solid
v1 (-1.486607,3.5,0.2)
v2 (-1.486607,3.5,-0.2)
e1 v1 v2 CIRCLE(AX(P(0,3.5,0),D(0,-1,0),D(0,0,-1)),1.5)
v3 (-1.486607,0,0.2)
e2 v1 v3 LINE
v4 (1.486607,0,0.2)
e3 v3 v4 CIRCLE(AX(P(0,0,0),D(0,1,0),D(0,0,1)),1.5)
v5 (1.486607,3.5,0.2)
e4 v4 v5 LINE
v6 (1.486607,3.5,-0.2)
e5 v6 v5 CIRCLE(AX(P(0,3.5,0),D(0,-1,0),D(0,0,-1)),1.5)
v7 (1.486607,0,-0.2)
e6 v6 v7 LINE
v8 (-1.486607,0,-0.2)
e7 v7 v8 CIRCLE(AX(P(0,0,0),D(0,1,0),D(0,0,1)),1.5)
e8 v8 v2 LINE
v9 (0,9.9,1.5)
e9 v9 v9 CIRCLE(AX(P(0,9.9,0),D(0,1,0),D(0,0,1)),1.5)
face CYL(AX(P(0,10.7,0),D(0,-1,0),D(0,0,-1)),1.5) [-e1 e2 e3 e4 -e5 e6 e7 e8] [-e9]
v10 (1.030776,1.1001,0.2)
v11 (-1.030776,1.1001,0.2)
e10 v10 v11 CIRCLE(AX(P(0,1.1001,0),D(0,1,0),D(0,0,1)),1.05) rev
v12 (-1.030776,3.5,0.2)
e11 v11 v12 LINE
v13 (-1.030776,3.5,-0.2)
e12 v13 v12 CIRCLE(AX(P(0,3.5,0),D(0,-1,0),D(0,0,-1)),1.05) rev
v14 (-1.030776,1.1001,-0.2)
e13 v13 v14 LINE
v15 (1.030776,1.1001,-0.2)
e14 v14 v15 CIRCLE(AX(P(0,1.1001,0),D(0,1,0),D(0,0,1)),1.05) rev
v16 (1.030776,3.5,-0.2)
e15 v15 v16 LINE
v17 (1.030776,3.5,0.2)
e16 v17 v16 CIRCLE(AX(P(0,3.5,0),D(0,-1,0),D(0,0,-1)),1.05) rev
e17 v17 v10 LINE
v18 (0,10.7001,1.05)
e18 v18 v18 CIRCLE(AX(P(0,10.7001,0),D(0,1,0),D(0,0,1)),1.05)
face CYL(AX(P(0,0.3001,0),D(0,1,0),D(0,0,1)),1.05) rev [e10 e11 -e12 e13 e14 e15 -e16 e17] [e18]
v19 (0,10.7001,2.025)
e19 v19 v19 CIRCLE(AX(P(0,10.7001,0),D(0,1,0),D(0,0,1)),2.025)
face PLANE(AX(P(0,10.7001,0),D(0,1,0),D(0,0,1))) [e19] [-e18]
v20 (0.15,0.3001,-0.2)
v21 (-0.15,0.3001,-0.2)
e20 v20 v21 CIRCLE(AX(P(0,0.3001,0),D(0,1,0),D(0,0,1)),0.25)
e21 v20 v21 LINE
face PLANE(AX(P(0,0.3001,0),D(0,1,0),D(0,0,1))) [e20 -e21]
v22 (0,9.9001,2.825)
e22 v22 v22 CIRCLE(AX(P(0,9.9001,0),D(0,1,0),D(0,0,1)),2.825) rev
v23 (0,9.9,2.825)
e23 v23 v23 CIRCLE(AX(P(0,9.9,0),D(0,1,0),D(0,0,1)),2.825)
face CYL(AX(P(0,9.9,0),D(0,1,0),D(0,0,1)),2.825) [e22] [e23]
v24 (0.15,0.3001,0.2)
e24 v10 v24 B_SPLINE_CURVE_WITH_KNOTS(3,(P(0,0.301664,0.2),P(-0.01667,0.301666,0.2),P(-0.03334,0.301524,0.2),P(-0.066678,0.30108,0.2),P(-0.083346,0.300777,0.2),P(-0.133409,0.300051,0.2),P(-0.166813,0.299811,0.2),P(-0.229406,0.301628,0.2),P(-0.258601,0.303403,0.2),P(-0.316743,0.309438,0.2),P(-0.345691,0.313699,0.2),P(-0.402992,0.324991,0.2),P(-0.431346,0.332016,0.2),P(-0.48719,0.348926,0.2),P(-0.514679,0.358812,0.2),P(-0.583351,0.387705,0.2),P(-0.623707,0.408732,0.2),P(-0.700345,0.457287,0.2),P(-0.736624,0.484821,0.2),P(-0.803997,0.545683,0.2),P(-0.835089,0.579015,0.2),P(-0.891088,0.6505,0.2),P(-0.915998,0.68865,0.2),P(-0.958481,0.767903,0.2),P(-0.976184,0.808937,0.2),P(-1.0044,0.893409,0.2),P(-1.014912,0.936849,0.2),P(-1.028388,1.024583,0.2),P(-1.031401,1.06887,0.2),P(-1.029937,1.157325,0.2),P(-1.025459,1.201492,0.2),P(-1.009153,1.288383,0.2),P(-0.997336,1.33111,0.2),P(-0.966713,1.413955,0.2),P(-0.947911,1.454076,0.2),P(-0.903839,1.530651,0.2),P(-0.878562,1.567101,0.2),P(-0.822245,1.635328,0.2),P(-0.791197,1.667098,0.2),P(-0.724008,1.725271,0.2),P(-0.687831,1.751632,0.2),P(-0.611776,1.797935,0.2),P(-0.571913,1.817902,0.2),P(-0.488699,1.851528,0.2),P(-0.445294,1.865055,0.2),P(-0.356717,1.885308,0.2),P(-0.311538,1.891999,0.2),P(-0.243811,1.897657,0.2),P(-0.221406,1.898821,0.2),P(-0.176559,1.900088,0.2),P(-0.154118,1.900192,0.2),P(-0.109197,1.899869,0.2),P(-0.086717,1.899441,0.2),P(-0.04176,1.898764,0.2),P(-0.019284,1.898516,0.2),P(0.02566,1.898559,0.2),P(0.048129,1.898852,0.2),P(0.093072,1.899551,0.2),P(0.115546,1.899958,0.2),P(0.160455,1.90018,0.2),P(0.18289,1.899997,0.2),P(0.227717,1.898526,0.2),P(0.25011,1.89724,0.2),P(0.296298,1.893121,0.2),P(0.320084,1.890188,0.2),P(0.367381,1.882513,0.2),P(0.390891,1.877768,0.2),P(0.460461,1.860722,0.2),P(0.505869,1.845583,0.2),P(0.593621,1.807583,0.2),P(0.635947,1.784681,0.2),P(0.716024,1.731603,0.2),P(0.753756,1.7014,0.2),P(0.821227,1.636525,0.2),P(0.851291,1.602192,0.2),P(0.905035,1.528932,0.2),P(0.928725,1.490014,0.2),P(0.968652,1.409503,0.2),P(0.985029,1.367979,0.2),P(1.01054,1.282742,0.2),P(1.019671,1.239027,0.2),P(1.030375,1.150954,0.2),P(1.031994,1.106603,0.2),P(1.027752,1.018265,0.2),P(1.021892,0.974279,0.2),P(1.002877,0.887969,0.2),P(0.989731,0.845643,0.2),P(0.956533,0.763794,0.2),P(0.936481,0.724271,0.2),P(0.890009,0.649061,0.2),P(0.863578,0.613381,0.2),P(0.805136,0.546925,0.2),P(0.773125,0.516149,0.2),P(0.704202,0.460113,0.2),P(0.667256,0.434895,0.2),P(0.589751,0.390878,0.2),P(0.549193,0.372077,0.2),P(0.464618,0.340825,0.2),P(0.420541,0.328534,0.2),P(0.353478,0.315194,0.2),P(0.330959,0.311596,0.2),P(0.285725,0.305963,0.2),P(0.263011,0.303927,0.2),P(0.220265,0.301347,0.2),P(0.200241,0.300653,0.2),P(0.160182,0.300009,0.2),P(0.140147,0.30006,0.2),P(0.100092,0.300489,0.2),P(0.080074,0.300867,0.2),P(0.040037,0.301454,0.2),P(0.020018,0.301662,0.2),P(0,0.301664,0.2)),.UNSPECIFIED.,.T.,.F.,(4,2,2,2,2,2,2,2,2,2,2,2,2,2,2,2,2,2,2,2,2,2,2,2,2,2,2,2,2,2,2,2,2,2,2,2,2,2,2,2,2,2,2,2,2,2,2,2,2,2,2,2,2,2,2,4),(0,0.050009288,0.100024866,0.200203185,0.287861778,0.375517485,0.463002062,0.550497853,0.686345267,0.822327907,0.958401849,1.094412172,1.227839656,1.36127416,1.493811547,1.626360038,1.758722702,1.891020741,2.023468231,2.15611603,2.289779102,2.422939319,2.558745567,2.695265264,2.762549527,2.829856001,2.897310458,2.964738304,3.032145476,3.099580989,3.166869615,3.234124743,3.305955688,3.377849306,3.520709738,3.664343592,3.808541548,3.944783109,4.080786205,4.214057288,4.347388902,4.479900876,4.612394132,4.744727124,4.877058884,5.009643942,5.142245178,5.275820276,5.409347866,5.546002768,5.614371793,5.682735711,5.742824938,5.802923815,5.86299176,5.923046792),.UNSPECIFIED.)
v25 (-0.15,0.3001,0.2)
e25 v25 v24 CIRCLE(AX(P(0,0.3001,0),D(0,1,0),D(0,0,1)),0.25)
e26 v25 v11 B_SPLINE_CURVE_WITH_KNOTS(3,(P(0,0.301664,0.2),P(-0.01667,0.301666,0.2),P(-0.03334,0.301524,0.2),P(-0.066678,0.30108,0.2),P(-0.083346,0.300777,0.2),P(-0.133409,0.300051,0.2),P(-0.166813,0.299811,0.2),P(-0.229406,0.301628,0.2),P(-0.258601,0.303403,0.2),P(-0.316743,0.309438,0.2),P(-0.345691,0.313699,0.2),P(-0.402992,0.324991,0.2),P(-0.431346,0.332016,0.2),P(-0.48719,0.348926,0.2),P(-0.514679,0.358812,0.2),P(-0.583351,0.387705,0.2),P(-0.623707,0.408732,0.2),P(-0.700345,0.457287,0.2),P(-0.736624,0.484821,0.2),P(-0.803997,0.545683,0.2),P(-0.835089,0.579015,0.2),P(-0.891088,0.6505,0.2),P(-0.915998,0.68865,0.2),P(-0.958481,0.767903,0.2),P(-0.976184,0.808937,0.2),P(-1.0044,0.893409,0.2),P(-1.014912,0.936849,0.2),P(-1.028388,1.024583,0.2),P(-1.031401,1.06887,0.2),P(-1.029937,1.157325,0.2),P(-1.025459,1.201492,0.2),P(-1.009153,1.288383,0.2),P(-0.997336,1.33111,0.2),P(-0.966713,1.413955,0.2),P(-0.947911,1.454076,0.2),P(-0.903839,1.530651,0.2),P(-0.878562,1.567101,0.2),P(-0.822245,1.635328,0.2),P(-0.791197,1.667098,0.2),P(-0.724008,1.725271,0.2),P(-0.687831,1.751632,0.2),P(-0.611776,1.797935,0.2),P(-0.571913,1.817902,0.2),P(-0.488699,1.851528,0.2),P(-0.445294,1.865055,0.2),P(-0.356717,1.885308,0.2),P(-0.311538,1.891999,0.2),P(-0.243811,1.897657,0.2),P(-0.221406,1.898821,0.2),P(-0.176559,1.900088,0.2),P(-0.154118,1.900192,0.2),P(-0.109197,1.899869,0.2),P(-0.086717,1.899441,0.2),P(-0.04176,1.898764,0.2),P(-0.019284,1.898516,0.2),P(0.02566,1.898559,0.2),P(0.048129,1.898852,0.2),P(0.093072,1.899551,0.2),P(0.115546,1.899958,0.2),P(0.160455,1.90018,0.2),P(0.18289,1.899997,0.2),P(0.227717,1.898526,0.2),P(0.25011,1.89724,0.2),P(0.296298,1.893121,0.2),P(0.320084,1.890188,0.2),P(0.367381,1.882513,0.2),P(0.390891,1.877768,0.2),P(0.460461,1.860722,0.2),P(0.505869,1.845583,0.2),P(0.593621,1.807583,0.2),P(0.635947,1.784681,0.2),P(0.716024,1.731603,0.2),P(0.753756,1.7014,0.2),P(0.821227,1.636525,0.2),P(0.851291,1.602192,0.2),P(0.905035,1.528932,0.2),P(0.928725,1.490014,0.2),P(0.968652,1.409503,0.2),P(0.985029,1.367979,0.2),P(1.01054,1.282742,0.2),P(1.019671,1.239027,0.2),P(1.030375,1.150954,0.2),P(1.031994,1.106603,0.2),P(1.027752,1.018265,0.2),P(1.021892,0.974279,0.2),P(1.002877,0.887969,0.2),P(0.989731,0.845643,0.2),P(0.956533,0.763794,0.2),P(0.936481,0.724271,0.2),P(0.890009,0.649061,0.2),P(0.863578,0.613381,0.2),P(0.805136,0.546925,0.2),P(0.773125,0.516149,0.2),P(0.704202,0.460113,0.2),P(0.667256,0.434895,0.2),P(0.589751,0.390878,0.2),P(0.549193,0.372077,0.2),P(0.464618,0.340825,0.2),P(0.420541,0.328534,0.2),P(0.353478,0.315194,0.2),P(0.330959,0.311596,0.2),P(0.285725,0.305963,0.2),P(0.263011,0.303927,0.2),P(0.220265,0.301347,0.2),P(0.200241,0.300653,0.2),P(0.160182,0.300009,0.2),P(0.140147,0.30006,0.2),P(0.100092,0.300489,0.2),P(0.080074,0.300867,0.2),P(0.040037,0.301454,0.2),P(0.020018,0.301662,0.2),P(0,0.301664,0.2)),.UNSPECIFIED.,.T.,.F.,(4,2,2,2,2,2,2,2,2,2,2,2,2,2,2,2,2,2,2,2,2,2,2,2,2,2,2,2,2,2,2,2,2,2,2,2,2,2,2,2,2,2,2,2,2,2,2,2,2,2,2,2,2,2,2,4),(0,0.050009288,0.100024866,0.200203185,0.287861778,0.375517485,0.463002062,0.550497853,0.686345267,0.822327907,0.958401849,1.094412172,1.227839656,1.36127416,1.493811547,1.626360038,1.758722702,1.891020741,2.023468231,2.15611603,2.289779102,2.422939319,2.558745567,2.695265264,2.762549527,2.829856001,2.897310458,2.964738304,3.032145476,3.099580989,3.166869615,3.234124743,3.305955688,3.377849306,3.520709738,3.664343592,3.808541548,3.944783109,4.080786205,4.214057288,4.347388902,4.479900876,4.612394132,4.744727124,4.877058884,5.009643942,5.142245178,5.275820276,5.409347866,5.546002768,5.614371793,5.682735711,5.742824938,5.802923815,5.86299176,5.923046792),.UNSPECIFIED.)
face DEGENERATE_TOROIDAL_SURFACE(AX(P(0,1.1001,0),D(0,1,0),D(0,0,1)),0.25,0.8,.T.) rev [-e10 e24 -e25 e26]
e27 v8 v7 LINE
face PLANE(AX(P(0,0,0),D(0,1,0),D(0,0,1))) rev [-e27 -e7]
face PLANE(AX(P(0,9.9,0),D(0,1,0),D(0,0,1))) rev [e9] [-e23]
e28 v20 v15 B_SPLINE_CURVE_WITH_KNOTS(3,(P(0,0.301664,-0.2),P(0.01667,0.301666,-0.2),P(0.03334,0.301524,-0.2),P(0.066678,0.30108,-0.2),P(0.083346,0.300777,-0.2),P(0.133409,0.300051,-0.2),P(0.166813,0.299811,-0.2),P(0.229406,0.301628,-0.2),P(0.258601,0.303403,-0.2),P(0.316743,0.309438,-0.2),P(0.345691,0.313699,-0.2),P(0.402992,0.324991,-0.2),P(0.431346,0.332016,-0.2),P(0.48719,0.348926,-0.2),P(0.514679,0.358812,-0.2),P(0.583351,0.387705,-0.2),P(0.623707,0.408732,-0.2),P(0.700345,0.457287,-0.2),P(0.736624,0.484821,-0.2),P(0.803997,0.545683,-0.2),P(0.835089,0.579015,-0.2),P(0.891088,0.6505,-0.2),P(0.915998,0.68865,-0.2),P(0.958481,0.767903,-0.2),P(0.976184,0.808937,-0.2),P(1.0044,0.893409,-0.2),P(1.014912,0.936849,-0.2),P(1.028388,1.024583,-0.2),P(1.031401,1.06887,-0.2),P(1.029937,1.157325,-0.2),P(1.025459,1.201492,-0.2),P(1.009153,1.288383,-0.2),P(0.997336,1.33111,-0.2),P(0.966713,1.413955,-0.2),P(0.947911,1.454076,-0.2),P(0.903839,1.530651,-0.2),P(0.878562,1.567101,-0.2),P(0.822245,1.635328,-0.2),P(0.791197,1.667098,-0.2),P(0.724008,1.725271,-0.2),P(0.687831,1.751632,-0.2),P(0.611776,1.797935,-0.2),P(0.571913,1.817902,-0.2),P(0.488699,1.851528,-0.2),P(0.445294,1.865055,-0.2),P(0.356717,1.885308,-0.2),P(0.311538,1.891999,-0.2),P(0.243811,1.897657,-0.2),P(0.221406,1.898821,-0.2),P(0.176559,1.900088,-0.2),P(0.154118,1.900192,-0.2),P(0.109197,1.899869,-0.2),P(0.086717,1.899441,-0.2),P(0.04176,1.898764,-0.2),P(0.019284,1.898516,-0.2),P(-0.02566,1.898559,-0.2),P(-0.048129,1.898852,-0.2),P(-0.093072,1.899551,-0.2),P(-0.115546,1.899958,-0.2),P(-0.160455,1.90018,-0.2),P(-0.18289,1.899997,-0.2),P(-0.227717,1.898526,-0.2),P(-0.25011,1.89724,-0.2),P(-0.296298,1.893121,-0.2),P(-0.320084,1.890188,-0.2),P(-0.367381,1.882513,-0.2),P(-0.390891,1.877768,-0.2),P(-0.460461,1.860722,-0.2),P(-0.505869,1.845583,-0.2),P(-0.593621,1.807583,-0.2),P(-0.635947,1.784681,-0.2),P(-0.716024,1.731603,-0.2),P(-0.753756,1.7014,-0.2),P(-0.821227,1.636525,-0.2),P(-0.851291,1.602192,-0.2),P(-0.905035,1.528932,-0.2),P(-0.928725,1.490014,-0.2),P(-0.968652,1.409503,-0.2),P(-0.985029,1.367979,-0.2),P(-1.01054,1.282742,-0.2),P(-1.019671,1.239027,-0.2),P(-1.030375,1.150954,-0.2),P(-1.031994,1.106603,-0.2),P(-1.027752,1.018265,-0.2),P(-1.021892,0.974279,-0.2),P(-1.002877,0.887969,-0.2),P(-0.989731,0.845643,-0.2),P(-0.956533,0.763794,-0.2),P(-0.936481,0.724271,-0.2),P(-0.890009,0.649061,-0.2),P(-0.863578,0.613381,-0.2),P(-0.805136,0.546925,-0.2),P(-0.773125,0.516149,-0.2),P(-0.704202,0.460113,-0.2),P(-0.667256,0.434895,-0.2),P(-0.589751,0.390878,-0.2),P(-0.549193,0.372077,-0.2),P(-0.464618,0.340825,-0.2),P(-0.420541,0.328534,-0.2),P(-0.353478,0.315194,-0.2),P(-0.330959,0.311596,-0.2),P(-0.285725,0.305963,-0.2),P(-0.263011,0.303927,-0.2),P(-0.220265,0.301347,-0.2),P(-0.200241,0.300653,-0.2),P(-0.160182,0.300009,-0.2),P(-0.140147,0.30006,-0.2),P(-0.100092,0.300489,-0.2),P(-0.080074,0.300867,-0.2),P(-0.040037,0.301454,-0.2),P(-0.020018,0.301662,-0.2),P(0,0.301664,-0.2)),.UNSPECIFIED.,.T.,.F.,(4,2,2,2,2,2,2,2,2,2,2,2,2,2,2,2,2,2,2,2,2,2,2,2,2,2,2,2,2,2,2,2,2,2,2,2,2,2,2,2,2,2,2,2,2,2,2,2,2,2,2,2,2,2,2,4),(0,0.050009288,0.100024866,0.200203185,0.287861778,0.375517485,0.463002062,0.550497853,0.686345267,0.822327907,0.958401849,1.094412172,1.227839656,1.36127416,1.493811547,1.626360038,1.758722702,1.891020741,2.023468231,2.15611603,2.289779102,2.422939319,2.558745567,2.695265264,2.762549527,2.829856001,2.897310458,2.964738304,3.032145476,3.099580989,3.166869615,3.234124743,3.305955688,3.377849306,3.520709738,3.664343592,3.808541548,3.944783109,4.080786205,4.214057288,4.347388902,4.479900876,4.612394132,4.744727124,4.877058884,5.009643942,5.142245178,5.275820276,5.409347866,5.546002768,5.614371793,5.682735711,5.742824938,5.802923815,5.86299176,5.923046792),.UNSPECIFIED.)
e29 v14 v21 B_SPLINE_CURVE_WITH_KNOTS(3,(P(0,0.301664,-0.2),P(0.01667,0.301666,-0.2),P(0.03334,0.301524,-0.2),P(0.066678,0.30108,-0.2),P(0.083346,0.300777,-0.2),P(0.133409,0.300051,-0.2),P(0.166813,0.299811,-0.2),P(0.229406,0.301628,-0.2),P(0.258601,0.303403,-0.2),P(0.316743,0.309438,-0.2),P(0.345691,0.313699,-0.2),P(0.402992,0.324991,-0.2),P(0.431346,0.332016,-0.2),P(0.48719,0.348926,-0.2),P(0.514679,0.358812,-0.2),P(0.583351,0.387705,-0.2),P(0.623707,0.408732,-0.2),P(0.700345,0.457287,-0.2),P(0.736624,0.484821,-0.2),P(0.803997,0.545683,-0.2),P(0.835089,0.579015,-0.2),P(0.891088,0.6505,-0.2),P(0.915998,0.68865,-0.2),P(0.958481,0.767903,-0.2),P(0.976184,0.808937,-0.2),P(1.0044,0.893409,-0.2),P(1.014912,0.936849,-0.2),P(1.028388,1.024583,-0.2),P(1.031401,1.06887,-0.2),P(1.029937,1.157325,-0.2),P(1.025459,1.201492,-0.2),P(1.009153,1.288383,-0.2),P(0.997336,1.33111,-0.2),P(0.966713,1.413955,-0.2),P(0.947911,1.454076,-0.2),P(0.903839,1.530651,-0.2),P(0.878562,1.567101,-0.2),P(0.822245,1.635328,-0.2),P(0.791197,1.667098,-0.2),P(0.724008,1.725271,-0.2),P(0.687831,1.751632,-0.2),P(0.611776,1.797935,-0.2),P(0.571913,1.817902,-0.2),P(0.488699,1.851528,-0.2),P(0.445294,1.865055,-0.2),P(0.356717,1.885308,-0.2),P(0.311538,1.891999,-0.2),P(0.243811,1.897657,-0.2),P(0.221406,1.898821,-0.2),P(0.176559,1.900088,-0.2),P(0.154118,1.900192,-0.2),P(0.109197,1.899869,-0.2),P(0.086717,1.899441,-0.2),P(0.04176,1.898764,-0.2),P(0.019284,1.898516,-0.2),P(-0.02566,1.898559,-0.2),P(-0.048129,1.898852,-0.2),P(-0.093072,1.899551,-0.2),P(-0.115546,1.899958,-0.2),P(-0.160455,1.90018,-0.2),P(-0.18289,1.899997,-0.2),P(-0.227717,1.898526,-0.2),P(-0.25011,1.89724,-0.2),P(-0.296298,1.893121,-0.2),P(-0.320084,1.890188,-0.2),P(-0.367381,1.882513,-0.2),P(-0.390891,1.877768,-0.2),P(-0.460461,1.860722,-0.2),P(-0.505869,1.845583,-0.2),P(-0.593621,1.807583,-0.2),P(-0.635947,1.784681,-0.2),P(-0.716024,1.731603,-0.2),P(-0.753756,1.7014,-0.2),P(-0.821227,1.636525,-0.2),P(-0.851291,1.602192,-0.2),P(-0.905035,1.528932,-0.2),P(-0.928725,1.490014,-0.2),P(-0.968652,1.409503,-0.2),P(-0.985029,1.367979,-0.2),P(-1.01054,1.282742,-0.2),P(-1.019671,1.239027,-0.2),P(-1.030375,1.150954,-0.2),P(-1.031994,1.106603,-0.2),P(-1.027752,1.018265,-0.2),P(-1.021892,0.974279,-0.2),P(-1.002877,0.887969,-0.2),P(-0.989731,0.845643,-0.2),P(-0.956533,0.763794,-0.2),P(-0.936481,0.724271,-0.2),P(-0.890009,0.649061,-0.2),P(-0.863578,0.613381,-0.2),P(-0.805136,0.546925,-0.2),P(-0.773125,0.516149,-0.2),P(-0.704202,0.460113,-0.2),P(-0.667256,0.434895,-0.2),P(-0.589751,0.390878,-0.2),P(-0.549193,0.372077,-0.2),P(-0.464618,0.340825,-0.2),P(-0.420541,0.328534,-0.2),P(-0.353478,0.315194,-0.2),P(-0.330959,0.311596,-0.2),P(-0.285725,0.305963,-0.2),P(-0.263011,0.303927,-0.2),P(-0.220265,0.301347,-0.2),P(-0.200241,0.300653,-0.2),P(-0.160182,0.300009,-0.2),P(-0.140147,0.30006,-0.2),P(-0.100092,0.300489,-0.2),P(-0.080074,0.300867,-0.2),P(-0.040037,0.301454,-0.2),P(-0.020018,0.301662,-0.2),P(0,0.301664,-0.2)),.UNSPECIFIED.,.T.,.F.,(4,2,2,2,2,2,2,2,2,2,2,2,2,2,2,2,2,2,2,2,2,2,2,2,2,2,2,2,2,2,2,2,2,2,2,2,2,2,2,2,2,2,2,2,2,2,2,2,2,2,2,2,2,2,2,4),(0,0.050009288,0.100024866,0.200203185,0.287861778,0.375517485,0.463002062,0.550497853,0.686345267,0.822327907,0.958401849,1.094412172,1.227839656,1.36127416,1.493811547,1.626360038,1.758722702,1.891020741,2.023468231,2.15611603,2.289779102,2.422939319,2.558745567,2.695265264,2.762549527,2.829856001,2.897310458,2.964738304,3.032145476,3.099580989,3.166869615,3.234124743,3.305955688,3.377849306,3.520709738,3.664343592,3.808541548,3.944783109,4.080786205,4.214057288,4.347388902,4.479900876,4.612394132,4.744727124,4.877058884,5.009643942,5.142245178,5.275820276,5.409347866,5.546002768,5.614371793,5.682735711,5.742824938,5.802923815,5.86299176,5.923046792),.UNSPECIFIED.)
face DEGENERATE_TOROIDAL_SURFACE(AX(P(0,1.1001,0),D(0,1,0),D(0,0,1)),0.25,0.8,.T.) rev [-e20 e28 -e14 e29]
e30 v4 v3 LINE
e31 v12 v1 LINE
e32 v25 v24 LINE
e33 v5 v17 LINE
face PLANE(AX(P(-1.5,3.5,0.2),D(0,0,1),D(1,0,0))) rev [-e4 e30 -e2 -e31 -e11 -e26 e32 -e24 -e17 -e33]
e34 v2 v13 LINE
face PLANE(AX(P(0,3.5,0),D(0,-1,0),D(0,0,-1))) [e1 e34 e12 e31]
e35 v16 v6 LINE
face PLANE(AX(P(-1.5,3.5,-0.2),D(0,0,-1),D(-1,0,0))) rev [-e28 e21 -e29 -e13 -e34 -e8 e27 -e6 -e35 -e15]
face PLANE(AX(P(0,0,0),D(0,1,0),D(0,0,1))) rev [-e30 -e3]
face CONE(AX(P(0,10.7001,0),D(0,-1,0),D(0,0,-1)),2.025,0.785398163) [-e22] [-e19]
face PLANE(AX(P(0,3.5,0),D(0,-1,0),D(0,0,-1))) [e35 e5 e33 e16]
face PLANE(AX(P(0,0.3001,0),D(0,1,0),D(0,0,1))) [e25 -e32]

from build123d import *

# Parameters (mm, degrees)
CROQUIS1_R                   = 1.5
SALIENTE_EXTRUIR1_DEPTH      = 10.7
SALIENTE_EXTRUIR2_DEPTH      = 0.0001
SALIENTE_EXTRUIR2_DEPTH_BACK = 0.8
CROQUIS2_R                   = 2.825
CHAFL_N1_SIZE                = 0.8
CROQUIS3_R                   = 1.05
CORTAR_EXTRUIR1_DEPTH        = 10.4
REDONDEO2_R                  = 0.8
CROQUIS6_W                   = 3
CROQUIS6_H                   = 0.4
CORTAR_EXTRUIR4_DEPTH        = 3.5


with BuildPart() as part:
    # Croquis1 → Saliente-Extruir1 (new body)
    with BuildSketch(Plane(origin=(0, 0, 0), x_dir=(1, 0, 0), z_dir=(0, 1, 0))):
        with Locations(Location((0, 0, 0), (0, 0, 270))):
            Circle(CROQUIS1_R)
    extrude(amount=SALIENTE_EXTRUIR1_DEPTH)

    # Croquis2 → Saliente-Extruir2 (add, two sides: drawn at the far end of the back side and taken through both)
    with BuildSketch(Plane(origin=(0, 10.7, 0), x_dir=(1, 0, 0), z_dir=(0, 1, 0)).offset(-SALIENTE_EXTRUIR2_DEPTH_BACK)):
        with Locations(Location((0, 0, 0), (0, 0, 270))):
            Circle(CROQUIS2_R)
    extrude(amount=SALIENTE_EXTRUIR2_DEPTH + SALIENTE_EXTRUIR2_DEPTH_BACK)

    # Chaflán1
    chafl_n1_edges = [part.edges().sort_by_distance(p)[0] for p in [
        (0, 10.7001, -2.825),
    ]]
    chamfer(chafl_n1_edges, length=CHAFL_N1_SIZE)

    # Croquis3 → Cortar-Extruir1 (cut)
    with BuildSketch(Plane(origin=(0, 10.7001, 0), x_dir=(1, 0, 0), z_dir=(0, 1, 0))):
        with Locations(Location((0, 0, 0), (0, 0, 270))):
            Circle(CROQUIS3_R)
    extrude(amount=-CORTAR_EXTRUIR1_DEPTH, mode=Mode.SUBTRACT)

    # Redondeo2
    redondeo2_edges = [part.edges().sort_by_distance(p)[0] for p in [
        (0, 0.3001, -1.05),
    ]]
    fillet(redondeo2_edges, radius=REDONDEO2_R)

    # Croquis6 → Cortar-Extruir4 (cut)
    with BuildSketch(Plane(origin=(0, 0, 0), x_dir=(-1, 0, 0), z_dir=(0, -1, 0))):
        Rectangle(CROQUIS6_W, CROQUIS6_H)
    extrude(amount=-CORTAR_EXTRUIR4_DEPTH, mode=Mode.SUBTRACT)


solid = part.part
